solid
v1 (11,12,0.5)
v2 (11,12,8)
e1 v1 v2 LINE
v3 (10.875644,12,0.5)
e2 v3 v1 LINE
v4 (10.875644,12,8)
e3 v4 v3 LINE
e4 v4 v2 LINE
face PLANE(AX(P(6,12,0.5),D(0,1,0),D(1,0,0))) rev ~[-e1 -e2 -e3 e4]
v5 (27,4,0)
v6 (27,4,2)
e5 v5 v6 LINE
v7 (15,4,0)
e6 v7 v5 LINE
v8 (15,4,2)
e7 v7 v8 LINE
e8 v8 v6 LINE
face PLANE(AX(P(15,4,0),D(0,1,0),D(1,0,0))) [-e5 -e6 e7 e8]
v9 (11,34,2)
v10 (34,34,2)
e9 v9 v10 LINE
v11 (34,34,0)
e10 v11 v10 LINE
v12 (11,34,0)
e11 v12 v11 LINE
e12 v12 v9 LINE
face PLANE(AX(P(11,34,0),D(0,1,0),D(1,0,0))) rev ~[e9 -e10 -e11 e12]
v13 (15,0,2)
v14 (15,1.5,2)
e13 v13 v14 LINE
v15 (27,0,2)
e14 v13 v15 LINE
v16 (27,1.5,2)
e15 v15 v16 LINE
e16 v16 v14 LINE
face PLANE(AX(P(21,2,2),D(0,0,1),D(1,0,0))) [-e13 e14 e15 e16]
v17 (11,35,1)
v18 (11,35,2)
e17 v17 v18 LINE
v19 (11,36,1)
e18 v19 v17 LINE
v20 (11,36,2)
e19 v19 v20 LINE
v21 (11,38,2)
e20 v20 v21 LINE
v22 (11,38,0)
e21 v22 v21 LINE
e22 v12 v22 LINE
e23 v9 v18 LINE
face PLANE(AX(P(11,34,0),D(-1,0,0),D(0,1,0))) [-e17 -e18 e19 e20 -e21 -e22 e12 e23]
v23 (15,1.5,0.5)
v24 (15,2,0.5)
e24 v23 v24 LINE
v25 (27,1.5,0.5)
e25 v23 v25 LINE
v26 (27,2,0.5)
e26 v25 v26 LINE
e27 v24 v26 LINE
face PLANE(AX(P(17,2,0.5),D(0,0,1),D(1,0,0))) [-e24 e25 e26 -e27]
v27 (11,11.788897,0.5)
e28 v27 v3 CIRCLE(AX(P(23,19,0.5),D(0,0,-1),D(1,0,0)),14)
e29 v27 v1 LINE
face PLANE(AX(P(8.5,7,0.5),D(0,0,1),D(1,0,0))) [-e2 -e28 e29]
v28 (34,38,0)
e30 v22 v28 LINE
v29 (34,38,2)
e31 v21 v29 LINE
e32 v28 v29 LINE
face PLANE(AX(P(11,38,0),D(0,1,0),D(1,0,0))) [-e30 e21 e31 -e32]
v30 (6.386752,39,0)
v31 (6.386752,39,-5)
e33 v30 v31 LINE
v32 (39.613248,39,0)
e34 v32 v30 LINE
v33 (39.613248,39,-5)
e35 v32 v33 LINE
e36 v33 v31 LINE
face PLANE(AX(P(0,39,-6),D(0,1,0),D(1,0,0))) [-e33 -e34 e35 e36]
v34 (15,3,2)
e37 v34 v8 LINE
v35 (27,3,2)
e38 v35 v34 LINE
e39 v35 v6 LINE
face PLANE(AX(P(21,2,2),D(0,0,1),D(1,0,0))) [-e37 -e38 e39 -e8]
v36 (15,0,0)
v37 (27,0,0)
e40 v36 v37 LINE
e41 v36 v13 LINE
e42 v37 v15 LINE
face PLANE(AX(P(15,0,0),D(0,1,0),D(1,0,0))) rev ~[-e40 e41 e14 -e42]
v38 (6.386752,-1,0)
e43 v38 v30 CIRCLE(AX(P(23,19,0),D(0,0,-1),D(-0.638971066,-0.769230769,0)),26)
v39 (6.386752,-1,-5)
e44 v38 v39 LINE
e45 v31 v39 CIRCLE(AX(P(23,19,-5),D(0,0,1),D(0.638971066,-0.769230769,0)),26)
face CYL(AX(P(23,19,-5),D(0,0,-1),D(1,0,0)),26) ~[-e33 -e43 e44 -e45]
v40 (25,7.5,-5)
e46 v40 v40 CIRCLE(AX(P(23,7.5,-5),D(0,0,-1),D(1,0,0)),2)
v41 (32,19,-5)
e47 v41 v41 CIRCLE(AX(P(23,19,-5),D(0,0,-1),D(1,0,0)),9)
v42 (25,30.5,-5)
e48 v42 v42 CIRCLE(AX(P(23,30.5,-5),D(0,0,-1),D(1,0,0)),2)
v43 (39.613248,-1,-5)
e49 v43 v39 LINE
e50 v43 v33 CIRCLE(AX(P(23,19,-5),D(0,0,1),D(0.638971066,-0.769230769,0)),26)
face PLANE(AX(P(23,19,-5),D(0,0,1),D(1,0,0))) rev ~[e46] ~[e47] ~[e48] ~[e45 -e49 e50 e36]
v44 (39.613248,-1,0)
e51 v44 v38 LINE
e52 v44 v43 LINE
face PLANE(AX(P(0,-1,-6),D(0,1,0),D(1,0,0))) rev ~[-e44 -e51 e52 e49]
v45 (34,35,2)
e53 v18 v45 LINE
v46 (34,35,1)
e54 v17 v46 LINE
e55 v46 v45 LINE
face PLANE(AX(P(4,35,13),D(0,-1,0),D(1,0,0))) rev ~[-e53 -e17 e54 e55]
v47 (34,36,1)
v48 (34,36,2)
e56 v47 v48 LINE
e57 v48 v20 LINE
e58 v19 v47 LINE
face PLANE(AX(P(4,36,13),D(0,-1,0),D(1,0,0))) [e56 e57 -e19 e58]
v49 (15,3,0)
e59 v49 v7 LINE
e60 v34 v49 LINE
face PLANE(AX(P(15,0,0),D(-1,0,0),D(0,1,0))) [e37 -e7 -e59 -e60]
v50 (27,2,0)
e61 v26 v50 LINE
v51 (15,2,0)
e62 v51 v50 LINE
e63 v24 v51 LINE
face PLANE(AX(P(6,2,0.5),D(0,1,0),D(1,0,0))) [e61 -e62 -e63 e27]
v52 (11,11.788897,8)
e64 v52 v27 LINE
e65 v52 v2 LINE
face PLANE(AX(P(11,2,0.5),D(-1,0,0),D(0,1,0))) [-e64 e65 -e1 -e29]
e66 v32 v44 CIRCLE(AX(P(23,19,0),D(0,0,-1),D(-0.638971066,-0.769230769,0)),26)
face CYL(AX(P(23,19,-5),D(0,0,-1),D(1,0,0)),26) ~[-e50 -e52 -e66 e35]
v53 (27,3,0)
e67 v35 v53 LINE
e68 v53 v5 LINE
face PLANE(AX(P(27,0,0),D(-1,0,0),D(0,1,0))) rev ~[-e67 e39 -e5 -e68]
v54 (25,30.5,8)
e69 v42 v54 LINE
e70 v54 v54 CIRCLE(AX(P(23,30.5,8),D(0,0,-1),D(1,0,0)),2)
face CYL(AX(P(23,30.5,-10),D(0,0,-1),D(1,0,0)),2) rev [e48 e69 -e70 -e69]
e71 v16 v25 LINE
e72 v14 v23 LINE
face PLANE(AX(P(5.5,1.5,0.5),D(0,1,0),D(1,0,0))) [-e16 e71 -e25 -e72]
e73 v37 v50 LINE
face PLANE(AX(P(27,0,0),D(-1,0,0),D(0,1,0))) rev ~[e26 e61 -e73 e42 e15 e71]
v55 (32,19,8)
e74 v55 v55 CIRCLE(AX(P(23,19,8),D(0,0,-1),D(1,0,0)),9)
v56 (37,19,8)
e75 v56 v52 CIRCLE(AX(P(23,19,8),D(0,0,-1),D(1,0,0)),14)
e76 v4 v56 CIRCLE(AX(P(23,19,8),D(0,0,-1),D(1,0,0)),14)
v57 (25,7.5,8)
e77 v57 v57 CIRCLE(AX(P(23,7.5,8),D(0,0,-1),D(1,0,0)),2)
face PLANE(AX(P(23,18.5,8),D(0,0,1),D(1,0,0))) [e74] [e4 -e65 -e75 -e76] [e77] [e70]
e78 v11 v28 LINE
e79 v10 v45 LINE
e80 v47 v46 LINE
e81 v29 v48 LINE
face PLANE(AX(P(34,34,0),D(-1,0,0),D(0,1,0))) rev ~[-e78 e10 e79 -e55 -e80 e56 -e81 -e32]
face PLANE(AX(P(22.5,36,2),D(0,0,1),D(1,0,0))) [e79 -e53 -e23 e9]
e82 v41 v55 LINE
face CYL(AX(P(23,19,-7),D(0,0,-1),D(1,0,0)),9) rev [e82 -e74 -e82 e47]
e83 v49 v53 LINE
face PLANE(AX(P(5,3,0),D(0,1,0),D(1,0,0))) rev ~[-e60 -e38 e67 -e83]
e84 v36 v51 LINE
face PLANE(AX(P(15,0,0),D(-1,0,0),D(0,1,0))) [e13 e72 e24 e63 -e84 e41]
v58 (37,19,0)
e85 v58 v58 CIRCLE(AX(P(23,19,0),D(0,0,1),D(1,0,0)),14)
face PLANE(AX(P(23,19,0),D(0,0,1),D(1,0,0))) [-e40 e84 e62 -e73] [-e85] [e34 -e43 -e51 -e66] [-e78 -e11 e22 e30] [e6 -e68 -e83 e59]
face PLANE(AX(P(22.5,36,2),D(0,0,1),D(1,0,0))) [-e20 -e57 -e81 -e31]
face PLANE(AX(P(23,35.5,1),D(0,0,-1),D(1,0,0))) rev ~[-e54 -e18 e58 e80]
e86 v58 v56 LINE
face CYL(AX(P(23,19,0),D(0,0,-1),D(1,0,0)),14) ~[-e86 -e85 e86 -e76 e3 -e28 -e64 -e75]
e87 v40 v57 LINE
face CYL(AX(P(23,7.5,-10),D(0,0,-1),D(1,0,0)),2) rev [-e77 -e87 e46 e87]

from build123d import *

# Parameters (mm, degrees)
CYLINDER004_R             = 2
CYLINDER004_DEPTH         = 22
CYLINDER005_R             = 2
CYLINDER005_DEPTH         = 22
BOX009_W                  = 46
BOX009_H                  = 10
BOX009_DEPTH              = 10
BOX007_W                  = 46
BOX007_H                  = 10
BOX007_DEPTH              = 10
BOX008_W                  = 54
BOX008_H                  = 53
BOX008_DEPTH              = 15
BOX002_W                  = 5
BOX002_H                  = 10
BOX002_DEPTH              = 13
BOX001_W                  = 23
BOX001_H                  = 1
BOX001_DEPTH              = 13
BOX_W                     = 25
BOX_H                     = 1
BOX_DEPTH                 = 14
BOX003_W                  = 38
BOX003_H                  = 1
BOX003_DEPTH              = 12
BOX004_W                  = 34
BOX004_H                  = 1
BOX004_DEPTH              = 10
FUSION001_PLACEMENT_ANGLE = 180
CYLINDER_R                = 9
CYLINDER_DEPTH            = 28
CYLINDER002_R             = 26
CYLINDER002_DEPTH         = 5
CYLINDER001_R             = 14
CYLINDER001_DEPTH         = 14
CYLINDER003_R             = 26
CYLINDER003_DEPTH         = 5
BOX005_W                  = 23
BOX005_H                  = 4
BOX005_DEPTH              = 2
BOX006_W                  = 12
BOX006_H                  = 4
BOX006_DEPTH              = 2


with BuildPart() as cilindro004:
    # Cylinder004 → Cylinder004 (new body)
    with BuildSketch(Plane(origin=(23, 7.5, -10), x_dir=(1, 0, 0), z_dir=(0, 0, 1))):
        Circle(CYLINDER004_R)
    extrude(amount=CYLINDER004_DEPTH)


with BuildPart() as cilindro005:
    # Cylinder005 → Cylinder005 (new body)
    with BuildSketch(Plane(origin=(23, 30.5, -10), x_dir=(1, 0, 0), z_dir=(0, 0, 1))):
        Circle(CYLINDER005_R)
    extrude(amount=CYLINDER005_DEPTH)


with BuildPart() as cubo009:
    # Box009 → Box009 (new body)
    with BuildSketch(Plane(origin=(0, 39, -6), x_dir=(1, 0, 0), z_dir=(0, 0, 1))):
        with Locations((23, 5)):
            Rectangle(BOX009_W, BOX009_H)
    extrude(amount=BOX009_DEPTH)


with BuildPart() as cubo007:
    # Box007 → Box007 (new body)
    with BuildSketch(Plane(origin=(0, -11, -6), x_dir=(1, 0, 0), z_dir=(0, 0, 1))):
        with Locations((23, 5)):
            Rectangle(BOX007_W, BOX007_H)
    extrude(amount=BOX007_DEPTH)


with BuildPart() as cubo008:
    # Box008 → Box008 (new body)
    with BuildSketch(Plane(origin=(-4, -8, 8), x_dir=(1, 0, 0), z_dir=(0, 0, 1))):
        with Locations((27, 26.5)):
            Rectangle(BOX008_W, BOX008_H)
    extrude(amount=BOX008_DEPTH)


with BuildPart() as cubo002:
    # Box002 → Box002 (new body)
    with BuildSketch(Plane(origin=(1, 0, 0.5), x_dir=(1, 0, 0), z_dir=(0, 0, 1))):
        with Locations((2.5, 5)):
            Rectangle(BOX002_W, BOX002_H)
    extrude(amount=BOX002_DEPTH)


with BuildPart() as cubo001:
    # Box001 → Box001 (new body)
    with BuildSketch(Plane(origin=(0.5, -0.5, 0.5), x_dir=(1, 0, 0), z_dir=(0, 0, 1))):
        with Locations((11.5, 0.5)):
            Rectangle(BOX001_W, BOX001_H)
    extrude(amount=BOX001_DEPTH)


with BuildPart() as fusion:
    # Box → Box (new body)
    with BuildSketch(Plane.XY):
        with Locations((12.5, 0.5)):
            Rectangle(BOX_W, BOX_H)
    extrude(amount=BOX_DEPTH)

    # Fusion: union Cubo002, Cubo001
    add(cubo002.part)
    add(cubo001.part)


with BuildPart() as fusion_1:
    # Fusion placement: moved
    add(fusion.part.moved(Location((5, 2, 0))))


with BuildPart() as cubo003:
    # Box003 → Box003 (new body)
    with BuildSketch(Plane.XY):
        with Locations((19, 0.5)):
            Rectangle(BOX003_W, BOX003_H)
    extrude(amount=BOX003_DEPTH)


with BuildPart() as display:
    # Box004 → Box004 (new body)
    with BuildSketch(Plane(origin=(3, -0.5, 1), x_dir=(1, 0, 0), z_dir=(0, 0, 1))):
        with Locations((17, 0.5)):
            Rectangle(BOX004_W, BOX004_H)
    extrude(amount=BOX004_DEPTH)

    # Fusion001: union Cubo003
    add(cubo003.part)


with BuildPart() as display_1:
    # Fusion001 placement: moved
    add(display.part.moved(Location((4, 36, 13))).rotate(Axis((4, 36, 13), (1, 0, 0)), FUSION001_PLACEMENT_ANGLE))


with BuildPart() as cilindro:
    # Cylinder → Cylinder (new body)
    with BuildSketch(Plane(origin=(23, 19, -7), x_dir=(1, 0, 0), z_dir=(0, 0, 1))):
        Circle(CYLINDER_R)
    extrude(amount=CYLINDER_DEPTH)


with BuildPart() as cilindro002:
    # Cylinder002 → Cylinder002 (new body)
    with BuildSketch(Plane(origin=(23, 19, -5), x_dir=(1, 0, 0), z_dir=(0, 0, 1))):
        Circle(CYLINDER002_R)
    extrude(amount=CYLINDER002_DEPTH)


with BuildPart() as cilindro001:
    # Cylinder001 → Cylinder001 (new body)
    with BuildSketch(Plane(origin=(23, 19, 0), x_dir=(1, 0, 0), z_dir=(0, 0, 1))):
        Circle(CYLINDER001_R)
    extrude(amount=CYLINDER001_DEPTH)


with BuildPart() as cut:
    # Cylinder003 → Cylinder003 (new body)
    with BuildSketch(Plane(origin=(23, 19, 14), x_dir=(1, 0, 0), z_dir=(0, 0, 1))):
        Circle(CYLINDER003_R)
    extrude(amount=CYLINDER003_DEPTH)

    # Fusion002: union Cilindro002, Cilindro001
    add(cilindro002.part)
    add(cilindro001.part)

    # Cut: cut Cilindro
    add(cilindro.part, mode=Mode.SUBTRACT)


with BuildPart() as cut001:
    # Box005 → Box005 (new body)
    with BuildSketch(Plane(origin=(11, 34, 0), x_dir=(1, 0, 0), z_dir=(0, 0, 1))):
        with Locations((11.5, 2)):
            Rectangle(BOX005_W, BOX005_H)
    extrude(amount=BOX005_DEPTH)

    # Fusion003: union Cut
    add(cut.part)

    # Cut001: cut Display
    add(display_1.part, mode=Mode.SUBTRACT)


with BuildPart() as cut007:
    # Box006 → Box006 (new body)
    with BuildSketch(Plane(origin=(15, 0, 0), x_dir=(1, 0, 0), z_dir=(0, 0, 1))):
        with Locations((6, 2)):
            Rectangle(BOX006_W, BOX006_H)
    extrude(amount=BOX006_DEPTH)

    # Fusion004: union Cut001
    add(cut001.part)

    # Cut002: cut Fusion
    add(fusion_1.part, mode=Mode.SUBTRACT)

    # Cut003: cut Cubo008
    add(cubo008.part, mode=Mode.SUBTRACT)

    # Cut004: cut Cubo007
    add(cubo007.part, mode=Mode.SUBTRACT)

    # Cut005: cut Cubo009
    add(cubo009.part, mode=Mode.SUBTRACT)

    # Cut006: cut Cilindro005
    add(cilindro005.part, mode=Mode.SUBTRACT)

    # Cut007: cut Cilindro004
    add(cilindro004.part, mode=Mode.SUBTRACT)


solid = cut007.part
